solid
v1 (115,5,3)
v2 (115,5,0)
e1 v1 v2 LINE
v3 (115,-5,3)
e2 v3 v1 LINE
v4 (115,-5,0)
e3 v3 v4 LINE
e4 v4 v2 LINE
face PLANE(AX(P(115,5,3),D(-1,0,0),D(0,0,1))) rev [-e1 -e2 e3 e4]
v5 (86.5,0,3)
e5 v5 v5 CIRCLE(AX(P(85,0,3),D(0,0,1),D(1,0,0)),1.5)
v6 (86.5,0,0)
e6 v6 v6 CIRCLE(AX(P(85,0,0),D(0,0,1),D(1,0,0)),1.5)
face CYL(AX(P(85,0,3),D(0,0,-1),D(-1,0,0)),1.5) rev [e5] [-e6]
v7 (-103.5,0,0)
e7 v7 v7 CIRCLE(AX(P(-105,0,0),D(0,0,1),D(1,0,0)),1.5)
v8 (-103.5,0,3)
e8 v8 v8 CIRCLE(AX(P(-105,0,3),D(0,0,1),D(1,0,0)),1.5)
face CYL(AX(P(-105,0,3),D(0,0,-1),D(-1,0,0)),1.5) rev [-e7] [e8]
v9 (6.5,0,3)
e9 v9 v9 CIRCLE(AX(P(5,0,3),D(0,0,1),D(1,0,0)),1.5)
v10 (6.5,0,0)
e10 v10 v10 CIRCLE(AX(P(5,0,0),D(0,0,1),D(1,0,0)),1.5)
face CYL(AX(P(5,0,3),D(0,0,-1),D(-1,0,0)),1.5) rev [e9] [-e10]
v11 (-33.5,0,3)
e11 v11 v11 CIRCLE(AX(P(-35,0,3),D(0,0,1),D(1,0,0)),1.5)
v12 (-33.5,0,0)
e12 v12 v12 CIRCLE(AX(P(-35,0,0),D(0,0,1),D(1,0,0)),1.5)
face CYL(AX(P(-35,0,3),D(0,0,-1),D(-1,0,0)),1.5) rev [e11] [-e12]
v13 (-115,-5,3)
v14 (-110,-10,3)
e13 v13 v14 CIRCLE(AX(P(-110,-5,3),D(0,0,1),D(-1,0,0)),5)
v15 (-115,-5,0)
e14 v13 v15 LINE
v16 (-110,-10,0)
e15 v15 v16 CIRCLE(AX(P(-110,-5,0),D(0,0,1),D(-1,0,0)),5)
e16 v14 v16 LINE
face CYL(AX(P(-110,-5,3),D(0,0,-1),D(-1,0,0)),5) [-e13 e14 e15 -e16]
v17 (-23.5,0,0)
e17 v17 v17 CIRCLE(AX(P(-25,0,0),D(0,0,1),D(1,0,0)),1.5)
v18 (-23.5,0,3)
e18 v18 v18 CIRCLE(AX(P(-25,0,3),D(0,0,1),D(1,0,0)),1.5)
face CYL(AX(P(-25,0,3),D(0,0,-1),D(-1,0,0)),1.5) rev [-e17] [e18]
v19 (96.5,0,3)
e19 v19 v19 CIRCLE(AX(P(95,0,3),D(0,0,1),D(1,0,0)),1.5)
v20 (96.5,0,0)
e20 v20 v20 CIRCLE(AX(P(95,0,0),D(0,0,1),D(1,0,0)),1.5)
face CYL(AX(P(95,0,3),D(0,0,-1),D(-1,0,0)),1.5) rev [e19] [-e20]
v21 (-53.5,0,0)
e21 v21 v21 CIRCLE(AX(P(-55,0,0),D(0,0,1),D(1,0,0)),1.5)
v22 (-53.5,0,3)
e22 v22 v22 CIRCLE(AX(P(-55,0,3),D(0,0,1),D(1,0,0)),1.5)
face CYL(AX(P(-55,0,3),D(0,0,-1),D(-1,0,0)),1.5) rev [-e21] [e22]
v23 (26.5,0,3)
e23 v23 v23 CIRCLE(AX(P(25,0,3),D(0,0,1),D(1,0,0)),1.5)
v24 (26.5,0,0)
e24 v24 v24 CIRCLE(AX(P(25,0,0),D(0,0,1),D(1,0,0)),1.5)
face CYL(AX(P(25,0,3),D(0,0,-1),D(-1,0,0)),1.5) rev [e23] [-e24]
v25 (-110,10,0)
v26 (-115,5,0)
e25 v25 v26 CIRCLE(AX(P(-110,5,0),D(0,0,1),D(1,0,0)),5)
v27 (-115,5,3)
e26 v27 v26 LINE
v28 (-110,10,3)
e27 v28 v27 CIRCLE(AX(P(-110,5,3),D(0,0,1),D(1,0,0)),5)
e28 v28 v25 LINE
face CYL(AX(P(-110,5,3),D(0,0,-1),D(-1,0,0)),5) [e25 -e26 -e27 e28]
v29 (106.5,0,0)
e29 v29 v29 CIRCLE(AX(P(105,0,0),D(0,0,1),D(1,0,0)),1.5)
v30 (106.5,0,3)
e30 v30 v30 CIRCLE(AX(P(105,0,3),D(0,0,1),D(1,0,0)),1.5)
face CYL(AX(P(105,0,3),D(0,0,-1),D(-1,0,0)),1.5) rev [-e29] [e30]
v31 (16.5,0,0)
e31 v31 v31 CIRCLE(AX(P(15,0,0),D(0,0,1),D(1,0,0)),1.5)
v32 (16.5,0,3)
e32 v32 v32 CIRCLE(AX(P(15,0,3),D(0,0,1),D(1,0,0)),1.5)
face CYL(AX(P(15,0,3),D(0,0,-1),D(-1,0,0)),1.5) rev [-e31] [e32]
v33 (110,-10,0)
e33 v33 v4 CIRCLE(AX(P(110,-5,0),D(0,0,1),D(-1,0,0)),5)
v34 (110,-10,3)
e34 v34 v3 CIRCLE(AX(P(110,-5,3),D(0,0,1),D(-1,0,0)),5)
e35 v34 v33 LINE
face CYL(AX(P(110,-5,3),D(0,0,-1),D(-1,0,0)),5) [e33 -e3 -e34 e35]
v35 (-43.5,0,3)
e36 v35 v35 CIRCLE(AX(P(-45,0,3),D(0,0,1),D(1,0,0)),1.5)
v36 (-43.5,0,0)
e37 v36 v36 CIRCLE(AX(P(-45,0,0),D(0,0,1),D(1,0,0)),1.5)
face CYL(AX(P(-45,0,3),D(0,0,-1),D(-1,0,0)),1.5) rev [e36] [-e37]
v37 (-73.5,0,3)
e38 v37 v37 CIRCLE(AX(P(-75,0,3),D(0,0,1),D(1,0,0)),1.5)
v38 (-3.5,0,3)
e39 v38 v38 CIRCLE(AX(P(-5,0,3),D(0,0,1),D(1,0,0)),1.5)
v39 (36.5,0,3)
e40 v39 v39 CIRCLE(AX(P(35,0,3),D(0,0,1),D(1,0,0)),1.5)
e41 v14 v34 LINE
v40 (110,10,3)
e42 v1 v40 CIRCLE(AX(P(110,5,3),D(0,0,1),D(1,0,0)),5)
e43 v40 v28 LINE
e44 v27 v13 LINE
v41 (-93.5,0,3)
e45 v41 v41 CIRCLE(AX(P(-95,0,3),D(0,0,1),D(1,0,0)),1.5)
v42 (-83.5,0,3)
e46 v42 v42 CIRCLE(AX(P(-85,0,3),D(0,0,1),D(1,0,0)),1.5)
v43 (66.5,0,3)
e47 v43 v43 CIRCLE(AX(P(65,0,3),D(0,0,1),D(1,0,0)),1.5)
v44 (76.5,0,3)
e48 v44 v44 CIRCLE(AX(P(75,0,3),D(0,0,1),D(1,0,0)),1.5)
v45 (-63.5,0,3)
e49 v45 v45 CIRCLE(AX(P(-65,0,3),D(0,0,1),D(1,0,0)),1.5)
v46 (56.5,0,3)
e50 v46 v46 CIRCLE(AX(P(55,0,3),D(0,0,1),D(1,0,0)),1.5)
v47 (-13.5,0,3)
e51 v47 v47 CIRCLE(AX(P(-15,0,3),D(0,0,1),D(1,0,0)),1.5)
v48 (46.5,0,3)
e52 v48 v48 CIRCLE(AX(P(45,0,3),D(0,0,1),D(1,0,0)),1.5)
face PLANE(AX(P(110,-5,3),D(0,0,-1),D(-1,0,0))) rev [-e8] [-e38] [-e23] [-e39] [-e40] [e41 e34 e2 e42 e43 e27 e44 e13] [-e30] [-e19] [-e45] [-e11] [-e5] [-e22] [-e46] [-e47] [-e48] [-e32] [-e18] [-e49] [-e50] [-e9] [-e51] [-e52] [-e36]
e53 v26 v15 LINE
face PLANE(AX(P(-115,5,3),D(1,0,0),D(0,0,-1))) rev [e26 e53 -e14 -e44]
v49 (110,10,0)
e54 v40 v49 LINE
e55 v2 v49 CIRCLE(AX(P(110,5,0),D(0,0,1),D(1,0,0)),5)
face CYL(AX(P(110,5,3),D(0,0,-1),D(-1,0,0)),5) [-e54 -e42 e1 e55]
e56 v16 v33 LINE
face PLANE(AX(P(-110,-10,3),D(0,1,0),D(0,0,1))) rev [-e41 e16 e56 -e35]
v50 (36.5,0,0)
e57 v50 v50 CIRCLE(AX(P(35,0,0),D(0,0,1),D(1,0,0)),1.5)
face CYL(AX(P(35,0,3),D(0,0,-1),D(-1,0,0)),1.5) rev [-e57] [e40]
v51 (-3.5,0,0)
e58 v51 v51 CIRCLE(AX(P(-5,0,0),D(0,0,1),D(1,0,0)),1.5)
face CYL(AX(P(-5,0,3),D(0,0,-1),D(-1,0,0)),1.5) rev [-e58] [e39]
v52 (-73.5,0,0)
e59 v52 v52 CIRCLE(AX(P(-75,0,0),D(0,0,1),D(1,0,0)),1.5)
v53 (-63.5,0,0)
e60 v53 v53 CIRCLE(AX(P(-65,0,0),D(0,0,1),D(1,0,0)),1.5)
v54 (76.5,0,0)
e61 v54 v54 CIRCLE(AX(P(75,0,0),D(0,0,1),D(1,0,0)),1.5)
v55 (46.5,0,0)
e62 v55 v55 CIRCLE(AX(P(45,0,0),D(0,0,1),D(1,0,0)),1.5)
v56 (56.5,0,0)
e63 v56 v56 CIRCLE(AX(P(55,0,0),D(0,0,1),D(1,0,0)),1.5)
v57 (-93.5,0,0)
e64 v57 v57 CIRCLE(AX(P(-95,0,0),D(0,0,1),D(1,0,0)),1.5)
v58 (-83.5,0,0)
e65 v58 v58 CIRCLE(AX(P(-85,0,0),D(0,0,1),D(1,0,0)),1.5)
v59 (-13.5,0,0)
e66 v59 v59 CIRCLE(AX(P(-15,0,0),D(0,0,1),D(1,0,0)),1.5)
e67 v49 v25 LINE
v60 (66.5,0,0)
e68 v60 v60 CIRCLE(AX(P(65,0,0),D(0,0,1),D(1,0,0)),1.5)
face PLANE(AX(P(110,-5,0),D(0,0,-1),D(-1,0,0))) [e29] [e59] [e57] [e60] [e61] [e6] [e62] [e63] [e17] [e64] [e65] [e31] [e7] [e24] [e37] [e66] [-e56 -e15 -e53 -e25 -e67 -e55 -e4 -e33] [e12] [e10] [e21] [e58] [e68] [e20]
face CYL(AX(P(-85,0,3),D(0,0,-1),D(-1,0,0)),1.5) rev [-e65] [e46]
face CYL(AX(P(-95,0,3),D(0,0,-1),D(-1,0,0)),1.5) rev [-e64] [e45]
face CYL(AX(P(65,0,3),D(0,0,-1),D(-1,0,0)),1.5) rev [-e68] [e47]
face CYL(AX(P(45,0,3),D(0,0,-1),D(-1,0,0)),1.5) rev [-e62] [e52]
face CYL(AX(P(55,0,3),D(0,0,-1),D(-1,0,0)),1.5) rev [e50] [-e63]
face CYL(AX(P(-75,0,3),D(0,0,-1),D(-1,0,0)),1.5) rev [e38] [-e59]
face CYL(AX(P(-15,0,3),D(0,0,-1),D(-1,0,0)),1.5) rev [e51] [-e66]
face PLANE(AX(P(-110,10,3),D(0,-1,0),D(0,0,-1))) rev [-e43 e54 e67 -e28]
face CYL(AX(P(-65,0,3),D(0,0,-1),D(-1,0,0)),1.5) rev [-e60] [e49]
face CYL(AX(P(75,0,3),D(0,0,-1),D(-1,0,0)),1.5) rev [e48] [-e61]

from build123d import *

# Parameters (mm, degrees)
SKETCH1_R           = 1.5
BOSS_EXTRUDE1_DEPTH = 3


with BuildPart() as part:
    # Sketch1 → Boss-Extrude1 (new body)
    with BuildSketch(Plane.XY):
        with BuildLine():
            Line((-110, 10), (110, 10))
            ThreePointArc((110, 10), (113.535533906, 8.535533906), (115, 5))
            Line((115, 5), (115, -5))
            ThreePointArc((115, -5), (113.535533906, -8.535533906), (110, -10))
            Line((110, -10), (-110, -10))
            ThreePointArc((-110, -10), (-113.535533906, -8.535533906), (-115, -5))
            Line((-115, -5), (-115, 5))
            ThreePointArc((-115, 5), (-113.535533906, 8.535533906), (-110, 10))
        make_face()
        with Locations((-105, 0)):
            Circle(SKETCH1_R, mode=Mode.SUBTRACT)
        with Locations((-95, 0)):
            Circle(SKETCH1_R, mode=Mode.SUBTRACT)
        with Locations((-85, 0)):
            Circle(SKETCH1_R, mode=Mode.SUBTRACT)
        with Locations((-75, 0)):
            Circle(SKETCH1_R, mode=Mode.SUBTRACT)
        with Locations((-65, 0)):
            Circle(SKETCH1_R, mode=Mode.SUBTRACT)
        with Locations((-55, 0)):
            Circle(SKETCH1_R, mode=Mode.SUBTRACT)
        with Locations((-45, 0)):
            Circle(SKETCH1_R, mode=Mode.SUBTRACT)
        with Locations((-35, 0)):
            Circle(SKETCH1_R, mode=Mode.SUBTRACT)
        with Locations((-25, 0)):
            Circle(SKETCH1_R, mode=Mode.SUBTRACT)
        with Locations((-15, 0)):
            Circle(SKETCH1_R, mode=Mode.SUBTRACT)
        with Locations((-5, 0)):
            Circle(SKETCH1_R, mode=Mode.SUBTRACT)
        with Locations((15, 0)):
            Circle(SKETCH1_R, mode=Mode.SUBTRACT)
        with Locations((25, 0)):
            Circle(SKETCH1_R, mode=Mode.SUBTRACT)
        with Locations((5, 0)):
            Circle(SKETCH1_R, mode=Mode.SUBTRACT)
        with Locations((35, 0)):
            Circle(SKETCH1_R, mode=Mode.SUBTRACT)
        with Locations((45, 0)):
            Circle(SKETCH1_R, mode=Mode.SUBTRACT)
        with Locations((55, 0)):
            Circle(SKETCH1_R, mode=Mode.SUBTRACT)
        with Locations((65, 0)):
            Circle(SKETCH1_R, mode=Mode.SUBTRACT)
        with Locations((75, 0)):
            Circle(SKETCH1_R, mode=Mode.SUBTRACT)
        with Locations((85, 0)):
            Circle(SKETCH1_R, mode=Mode.SUBTRACT)
        with Locations((95, 0)):
            Circle(SKETCH1_R, mode=Mode.SUBTRACT)
        with Locations((105, 0)):
            Circle(SKETCH1_R, mode=Mode.SUBTRACT)
    extrude(amount=BOSS_EXTRUDE1_DEPTH)


solid = part.part
